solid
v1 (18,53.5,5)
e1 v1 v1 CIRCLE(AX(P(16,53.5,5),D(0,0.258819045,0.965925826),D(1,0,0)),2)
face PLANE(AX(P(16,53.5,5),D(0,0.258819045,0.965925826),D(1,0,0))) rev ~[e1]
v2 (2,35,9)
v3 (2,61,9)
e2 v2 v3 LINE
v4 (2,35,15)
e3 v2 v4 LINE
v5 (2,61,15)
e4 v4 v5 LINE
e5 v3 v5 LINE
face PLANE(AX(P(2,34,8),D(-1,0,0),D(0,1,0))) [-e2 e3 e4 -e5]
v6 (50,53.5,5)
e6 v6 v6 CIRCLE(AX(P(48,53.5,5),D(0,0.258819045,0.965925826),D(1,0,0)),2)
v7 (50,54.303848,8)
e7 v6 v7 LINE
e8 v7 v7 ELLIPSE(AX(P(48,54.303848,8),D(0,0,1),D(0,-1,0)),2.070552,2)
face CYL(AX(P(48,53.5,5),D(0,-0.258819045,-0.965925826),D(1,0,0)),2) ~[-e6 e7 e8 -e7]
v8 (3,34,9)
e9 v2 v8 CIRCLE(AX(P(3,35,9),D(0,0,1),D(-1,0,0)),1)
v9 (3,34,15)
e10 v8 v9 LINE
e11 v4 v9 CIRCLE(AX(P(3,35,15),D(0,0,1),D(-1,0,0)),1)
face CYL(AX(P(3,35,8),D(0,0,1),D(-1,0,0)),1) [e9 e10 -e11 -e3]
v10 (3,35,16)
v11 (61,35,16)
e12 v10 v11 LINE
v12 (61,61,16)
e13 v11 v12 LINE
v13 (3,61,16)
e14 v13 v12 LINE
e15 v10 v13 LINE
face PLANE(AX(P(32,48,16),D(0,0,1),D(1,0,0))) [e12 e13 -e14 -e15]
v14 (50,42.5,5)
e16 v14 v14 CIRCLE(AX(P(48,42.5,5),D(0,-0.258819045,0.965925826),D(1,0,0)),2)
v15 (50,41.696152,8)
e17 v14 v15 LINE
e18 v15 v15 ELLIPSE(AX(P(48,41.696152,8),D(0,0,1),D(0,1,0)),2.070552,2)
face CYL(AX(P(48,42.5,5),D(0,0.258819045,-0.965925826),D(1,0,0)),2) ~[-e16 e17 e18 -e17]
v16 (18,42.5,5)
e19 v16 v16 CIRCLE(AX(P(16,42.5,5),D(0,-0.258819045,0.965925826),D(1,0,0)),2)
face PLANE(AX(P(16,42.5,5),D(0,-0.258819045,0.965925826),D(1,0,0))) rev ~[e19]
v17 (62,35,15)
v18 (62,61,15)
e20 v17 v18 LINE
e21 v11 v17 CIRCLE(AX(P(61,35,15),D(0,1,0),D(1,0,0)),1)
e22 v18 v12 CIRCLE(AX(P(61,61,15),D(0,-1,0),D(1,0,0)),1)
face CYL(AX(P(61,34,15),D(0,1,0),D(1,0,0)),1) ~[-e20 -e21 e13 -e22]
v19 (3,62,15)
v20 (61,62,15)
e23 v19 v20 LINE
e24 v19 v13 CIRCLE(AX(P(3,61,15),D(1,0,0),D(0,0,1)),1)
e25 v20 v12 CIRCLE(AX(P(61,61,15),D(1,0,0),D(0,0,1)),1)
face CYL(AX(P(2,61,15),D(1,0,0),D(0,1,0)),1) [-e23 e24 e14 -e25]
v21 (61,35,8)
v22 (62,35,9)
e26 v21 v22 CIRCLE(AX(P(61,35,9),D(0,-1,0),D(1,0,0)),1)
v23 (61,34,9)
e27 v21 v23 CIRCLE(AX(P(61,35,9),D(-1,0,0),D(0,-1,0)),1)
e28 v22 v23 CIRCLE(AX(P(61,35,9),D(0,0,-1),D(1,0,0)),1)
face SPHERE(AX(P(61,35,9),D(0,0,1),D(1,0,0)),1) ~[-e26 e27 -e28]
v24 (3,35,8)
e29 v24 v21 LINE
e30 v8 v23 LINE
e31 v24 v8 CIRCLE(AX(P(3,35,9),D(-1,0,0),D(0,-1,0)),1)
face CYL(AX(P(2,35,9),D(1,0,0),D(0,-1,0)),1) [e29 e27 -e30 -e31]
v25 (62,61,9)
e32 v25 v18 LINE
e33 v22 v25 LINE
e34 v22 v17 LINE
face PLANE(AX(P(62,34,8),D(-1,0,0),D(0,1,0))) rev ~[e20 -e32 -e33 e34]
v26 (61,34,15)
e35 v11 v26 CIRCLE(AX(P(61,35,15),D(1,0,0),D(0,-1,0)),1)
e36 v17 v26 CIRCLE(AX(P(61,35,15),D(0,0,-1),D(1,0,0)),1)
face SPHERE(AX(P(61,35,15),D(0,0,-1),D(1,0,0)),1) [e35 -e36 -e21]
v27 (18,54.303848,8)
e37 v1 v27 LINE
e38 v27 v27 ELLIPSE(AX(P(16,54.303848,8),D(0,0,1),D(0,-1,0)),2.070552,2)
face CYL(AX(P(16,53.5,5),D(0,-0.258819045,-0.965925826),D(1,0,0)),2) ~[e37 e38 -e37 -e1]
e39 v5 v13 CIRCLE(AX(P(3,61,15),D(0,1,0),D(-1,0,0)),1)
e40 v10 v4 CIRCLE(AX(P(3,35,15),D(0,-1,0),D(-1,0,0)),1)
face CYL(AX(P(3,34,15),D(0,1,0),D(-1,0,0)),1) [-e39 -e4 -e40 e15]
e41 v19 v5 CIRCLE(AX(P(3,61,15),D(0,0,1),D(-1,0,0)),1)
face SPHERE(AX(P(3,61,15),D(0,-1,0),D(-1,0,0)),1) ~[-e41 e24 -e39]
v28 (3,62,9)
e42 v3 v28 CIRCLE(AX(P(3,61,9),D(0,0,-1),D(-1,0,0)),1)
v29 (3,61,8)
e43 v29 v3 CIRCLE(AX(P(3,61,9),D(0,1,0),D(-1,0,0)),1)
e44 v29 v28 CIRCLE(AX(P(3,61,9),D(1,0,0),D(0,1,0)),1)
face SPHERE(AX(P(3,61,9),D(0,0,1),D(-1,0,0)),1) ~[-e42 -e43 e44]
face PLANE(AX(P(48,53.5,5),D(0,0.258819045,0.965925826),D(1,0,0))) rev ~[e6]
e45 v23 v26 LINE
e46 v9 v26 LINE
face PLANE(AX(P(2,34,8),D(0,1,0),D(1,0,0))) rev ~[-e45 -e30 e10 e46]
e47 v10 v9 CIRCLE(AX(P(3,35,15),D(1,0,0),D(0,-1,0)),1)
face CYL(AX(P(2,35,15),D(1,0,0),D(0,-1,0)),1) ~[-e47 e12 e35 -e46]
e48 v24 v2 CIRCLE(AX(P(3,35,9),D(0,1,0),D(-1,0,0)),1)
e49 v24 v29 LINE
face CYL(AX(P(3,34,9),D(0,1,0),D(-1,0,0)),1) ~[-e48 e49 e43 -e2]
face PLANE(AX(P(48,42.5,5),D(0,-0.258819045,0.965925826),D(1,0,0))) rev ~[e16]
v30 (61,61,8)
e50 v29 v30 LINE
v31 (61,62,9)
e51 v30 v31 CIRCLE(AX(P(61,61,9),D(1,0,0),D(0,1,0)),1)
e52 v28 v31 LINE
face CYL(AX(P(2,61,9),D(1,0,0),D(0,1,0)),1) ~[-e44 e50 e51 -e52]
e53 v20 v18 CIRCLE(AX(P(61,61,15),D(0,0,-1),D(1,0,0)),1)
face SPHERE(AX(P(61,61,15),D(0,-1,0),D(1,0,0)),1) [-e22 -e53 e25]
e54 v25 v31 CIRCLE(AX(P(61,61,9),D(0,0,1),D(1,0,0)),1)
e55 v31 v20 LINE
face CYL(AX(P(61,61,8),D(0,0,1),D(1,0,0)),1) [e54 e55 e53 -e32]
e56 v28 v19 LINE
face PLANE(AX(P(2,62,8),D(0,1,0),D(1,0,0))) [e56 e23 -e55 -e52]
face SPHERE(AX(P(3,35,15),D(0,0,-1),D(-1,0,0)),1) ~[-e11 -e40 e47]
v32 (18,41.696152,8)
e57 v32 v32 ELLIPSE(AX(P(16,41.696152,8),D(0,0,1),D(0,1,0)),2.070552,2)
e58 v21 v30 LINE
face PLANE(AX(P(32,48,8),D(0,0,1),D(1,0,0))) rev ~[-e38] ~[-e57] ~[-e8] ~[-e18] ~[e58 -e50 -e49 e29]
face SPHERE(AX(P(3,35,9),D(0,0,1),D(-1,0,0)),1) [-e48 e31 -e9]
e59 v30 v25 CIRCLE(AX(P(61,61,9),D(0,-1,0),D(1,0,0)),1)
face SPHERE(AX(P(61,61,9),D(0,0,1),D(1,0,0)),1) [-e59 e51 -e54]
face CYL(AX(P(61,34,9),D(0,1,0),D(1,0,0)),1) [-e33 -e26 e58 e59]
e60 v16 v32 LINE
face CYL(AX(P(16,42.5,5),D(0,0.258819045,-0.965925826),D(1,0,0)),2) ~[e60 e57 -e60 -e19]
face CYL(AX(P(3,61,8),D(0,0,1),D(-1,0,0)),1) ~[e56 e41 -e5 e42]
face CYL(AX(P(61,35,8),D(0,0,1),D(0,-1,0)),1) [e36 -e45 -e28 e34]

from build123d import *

# Parameters (mm, degrees)
CYLINDER007_R          = 2
CYLINDER007_DEPTH      = 5
CYLINDER007_ROLL_ANGLE = 15
CYLINDER004_R          = 2
CYLINDER004_DEPTH      = 5
CYLINDER004_ROLL_ANGLE = -15
CYLINDER006_R          = 2
CYLINDER006_DEPTH      = 5
CYLINDER006_ROLL_ANGLE = -15
BOX003_W               = 60
BOX003_H               = 28
BOX003_DEPTH           = 8
FILLET002_R            = 1
CYLINDER005_R          = 2
CYLINDER005_DEPTH      = 5
CYLINDER005_ROLL_ANGLE = 15


with BuildPart() as cylinder009:
    # Cylinder007 → Cylinder007 (new body)
    with BuildSketch(Plane.XY):
        Circle(CYLINDER007_R)
    extrude(amount=CYLINDER007_DEPTH)


with BuildPart() as cylinder009_1:
    # Cylinder007 roll: moved
    add(cylinder009.part.rotate(Axis((0, 0, 0), (1, 0, 0)), CYLINDER007_ROLL_ANGLE))


with BuildPart() as cylinder009_2:
    # Cylinder007 placement: moved
    add(cylinder009_1.part.moved(Location((48, 42.5, 5))))


with BuildPart() as cylinder:
    # Cylinder004 → Cylinder004 (new body)
    with BuildSketch(Plane.XY):
        Circle(CYLINDER004_R)
    extrude(amount=CYLINDER004_DEPTH)


with BuildPart() as cylinder_1:
    # Cylinder004 roll: moved
    add(cylinder.part.rotate(Axis((0, 0, 0), (1, 0, 0)), CYLINDER004_ROLL_ANGLE))


with BuildPart() as cylinder_2:
    # Cylinder004 placement: moved
    add(cylinder_1.part.moved(Location((48, 53.5, 5))))


with BuildPart() as cylinder008:
    # Cylinder006 → Cylinder006 (new body)
    with BuildSketch(Plane.XY):
        Circle(CYLINDER006_R)
    extrude(amount=CYLINDER006_DEPTH)


with BuildPart() as cylinder008_1:
    # Cylinder006 roll: moved
    add(cylinder008.part.rotate(Axis((0, 0, 0), (1, 0, 0)), CYLINDER006_ROLL_ANGLE))


with BuildPart() as cylinder008_2:
    # Cylinder006 placement: moved
    add(cylinder008_1.part.moved(Location((16, 53.5, 5))))


with BuildPart() as basezorroredondeada:
    # Box003 → Box003 (new body)
    with BuildSketch(Plane.XY.offset(29)):
        with Locations((30, 14)):
            Rectangle(BOX003_W, BOX003_H)
    extrude(amount=BOX003_DEPTH)

    # Fillet002
    fillet002_edges = [basezorroredondeada.edges().sort_by_distance(p)[0] for p in [
        (0, 0, 33),
        (0, 14, 37),
        (0, 28, 33),
        (0, 14, 29),
        (60, 0, 33),
        (60, 14, 37),
        (60, 28, 33),
        (60, 14, 29),
        (30, 0, 29),
        (30, 0, 37),
        (30, 28, 29),
        (30, 28, 37),
    ]]
    fillet(fillet002_edges, radius=FILLET002_R)


with BuildPart() as basezorroredondeada_1:
    # Fillet002 placement: moved
    add(basezorroredondeada.part.moved(Location((2, 34, -21))))


with BuildPart() as basezorrocompleta:
    # Cylinder005 → Cylinder005 (new body)
    with BuildSketch(Plane.XY):
        Circle(CYLINDER005_R)
    extrude(amount=CYLINDER005_DEPTH)


with BuildPart() as basezorrocompleta_1:
    # Cylinder005 roll: moved
    add(basezorrocompleta.part.rotate(Axis((0, 0, 0), (1, 0, 0)), CYLINDER005_ROLL_ANGLE))


with BuildPart() as basezorrocompleta_2:
    # Cylinder005 placement: moved
    add(basezorrocompleta_1.part.moved(Location((16, 42.5, 5))))

    # Fusion003: union Cylinder009, Cylinder, Cylinder008, baseZorroRedondeada
    add(cylinder009_2.part)
    add(cylinder_2.part)
    add(cylinder008_2.part)
    add(basezorroredondeada_1.part)


solid = basezorrocompleta_2.part
